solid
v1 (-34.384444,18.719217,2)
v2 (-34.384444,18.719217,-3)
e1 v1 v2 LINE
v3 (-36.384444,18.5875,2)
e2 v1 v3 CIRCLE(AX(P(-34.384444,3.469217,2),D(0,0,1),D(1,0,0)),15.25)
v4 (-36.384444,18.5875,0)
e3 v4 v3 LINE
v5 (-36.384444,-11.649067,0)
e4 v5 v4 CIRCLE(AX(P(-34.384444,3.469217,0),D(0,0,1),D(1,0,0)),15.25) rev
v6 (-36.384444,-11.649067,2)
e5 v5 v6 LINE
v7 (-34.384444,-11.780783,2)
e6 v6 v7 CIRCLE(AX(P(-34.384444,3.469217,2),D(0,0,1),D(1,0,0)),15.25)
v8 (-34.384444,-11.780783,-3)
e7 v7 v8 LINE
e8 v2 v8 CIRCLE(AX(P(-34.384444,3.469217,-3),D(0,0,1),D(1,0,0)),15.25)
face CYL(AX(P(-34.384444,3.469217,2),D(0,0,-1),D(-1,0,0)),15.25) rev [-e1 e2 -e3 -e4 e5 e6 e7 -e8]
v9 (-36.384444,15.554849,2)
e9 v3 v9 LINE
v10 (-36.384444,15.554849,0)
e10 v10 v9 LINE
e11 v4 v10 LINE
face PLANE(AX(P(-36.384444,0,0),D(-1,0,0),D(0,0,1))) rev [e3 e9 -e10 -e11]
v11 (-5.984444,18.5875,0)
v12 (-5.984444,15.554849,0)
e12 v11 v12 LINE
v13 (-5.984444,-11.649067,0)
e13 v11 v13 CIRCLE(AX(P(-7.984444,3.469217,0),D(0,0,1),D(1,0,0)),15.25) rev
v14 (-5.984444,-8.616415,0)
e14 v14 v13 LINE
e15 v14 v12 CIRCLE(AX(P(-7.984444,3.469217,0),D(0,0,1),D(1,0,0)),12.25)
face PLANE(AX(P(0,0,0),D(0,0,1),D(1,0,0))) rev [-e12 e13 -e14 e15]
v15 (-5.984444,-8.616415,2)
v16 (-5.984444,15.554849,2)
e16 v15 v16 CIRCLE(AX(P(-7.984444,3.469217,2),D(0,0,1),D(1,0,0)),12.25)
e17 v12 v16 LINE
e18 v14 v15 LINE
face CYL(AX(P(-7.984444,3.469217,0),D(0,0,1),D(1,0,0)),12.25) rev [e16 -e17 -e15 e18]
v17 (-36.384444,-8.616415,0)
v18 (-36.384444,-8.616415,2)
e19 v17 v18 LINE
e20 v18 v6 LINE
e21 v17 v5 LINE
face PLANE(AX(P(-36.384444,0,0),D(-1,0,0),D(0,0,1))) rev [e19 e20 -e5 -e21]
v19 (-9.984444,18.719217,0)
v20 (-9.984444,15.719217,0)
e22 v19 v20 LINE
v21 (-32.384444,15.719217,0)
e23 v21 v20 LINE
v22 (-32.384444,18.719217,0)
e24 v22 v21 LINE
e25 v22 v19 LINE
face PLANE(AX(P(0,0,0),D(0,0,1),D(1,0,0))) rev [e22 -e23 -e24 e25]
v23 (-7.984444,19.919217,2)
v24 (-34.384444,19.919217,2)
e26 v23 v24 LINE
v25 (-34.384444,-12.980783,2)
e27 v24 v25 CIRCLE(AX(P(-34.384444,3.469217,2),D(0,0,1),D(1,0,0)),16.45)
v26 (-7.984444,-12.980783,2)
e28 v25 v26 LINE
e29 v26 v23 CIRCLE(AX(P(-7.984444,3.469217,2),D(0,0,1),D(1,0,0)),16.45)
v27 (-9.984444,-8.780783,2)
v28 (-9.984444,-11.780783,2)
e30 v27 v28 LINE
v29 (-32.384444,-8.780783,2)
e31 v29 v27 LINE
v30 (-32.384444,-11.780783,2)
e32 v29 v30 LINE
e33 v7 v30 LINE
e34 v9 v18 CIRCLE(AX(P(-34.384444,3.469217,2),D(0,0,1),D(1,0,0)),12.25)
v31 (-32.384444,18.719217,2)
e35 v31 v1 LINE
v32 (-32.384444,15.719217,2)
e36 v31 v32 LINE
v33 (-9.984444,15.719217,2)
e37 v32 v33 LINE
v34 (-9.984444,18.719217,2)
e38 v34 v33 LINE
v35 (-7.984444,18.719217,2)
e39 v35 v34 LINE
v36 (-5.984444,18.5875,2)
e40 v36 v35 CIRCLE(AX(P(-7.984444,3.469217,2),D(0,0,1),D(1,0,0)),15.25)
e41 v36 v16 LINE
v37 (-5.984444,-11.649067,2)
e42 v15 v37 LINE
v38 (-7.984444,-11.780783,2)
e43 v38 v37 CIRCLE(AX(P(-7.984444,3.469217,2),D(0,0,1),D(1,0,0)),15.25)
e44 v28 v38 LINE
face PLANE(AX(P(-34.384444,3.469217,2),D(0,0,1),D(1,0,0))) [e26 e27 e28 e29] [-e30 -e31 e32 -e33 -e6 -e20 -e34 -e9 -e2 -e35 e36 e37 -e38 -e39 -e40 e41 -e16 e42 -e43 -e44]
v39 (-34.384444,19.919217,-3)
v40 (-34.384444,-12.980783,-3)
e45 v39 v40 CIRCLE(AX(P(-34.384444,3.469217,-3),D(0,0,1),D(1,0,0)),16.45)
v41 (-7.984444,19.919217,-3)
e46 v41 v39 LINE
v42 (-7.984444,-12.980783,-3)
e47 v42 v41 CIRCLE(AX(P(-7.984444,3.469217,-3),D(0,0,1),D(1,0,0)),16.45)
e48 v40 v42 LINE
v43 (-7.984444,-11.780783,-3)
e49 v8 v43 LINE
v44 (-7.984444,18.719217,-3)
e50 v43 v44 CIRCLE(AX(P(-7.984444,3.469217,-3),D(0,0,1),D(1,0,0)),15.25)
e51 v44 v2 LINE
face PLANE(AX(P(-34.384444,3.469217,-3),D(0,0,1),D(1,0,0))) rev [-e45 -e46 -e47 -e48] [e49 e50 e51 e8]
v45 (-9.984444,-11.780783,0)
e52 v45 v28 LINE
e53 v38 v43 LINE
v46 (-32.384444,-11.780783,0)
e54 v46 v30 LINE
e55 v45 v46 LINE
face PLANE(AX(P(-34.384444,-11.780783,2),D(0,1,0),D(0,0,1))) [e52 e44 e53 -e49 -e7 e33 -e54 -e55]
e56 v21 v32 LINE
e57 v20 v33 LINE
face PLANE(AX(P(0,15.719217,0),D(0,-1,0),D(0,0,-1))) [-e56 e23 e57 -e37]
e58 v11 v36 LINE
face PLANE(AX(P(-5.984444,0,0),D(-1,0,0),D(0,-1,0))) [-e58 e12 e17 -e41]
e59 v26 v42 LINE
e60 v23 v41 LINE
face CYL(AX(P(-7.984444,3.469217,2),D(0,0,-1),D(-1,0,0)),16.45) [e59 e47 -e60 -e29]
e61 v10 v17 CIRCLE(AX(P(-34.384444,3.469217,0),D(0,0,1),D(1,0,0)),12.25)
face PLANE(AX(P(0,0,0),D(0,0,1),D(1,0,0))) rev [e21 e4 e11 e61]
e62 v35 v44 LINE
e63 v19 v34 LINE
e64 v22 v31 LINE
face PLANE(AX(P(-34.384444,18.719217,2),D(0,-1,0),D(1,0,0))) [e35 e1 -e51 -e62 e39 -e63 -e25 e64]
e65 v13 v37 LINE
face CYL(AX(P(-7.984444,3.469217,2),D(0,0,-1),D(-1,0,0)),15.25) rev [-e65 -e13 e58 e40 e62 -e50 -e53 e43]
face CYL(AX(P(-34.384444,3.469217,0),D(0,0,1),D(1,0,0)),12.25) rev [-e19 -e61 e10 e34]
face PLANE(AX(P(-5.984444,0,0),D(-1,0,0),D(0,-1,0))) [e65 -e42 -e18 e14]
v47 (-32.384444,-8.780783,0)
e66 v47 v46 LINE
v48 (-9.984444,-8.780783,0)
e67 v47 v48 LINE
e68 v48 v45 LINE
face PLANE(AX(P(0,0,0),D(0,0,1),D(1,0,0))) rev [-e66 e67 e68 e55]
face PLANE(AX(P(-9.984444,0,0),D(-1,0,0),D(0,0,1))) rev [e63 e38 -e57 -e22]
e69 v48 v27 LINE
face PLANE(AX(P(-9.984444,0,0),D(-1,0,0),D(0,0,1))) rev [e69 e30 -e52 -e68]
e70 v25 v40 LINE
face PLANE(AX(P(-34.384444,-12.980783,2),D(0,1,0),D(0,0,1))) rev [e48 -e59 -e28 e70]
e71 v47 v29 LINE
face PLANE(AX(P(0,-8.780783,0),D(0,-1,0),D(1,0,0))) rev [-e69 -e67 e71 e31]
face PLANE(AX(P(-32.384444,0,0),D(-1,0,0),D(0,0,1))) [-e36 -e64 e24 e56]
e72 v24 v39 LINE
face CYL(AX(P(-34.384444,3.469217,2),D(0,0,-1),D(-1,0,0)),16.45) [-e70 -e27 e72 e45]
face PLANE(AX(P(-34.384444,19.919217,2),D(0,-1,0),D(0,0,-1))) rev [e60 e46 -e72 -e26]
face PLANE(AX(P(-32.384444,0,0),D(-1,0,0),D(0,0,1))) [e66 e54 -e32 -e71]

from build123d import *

# Parameters (mm, degrees)
BOSS_EXTRUDE1_DEPTH      = 2
BOSS_EXTRUDE1_DEPTH_BACK = 3
BOSS_EXTRUDE2_START      = -2
SKETCH2_W                = 22.4
SKETCH2_H                = 3
BOSS_EXTRUDE2_DEPTH      = 2


with BuildPart() as part:
    # Sketch1 → Boss-Extrude1 (new, two sides: drawn at the far end of the back side and taken through both)
    with BuildSketch(Plane.XY.offset(-BOSS_EXTRUDE1_DEPTH_BACK)):
        with BuildLine():
            Line((-34.384444189, 19.919216619), (-7.984444189, 19.919216619))
            ThreePointArc((-7.984444189, 19.919216619), (8.465555811, 3.469216619), (-7.984444189, -12.980783381))
            Line((-7.984444189, -12.980783381), (-34.384444189, -12.980783381))
            ThreePointArc((-34.384444189, -12.980783381), (-50.834444189, 3.469216619), (-34.384444189, 19.919216619))
        make_face()
        with BuildLine():
            Line((-34.384444189, 18.719216619), (-7.984444189, 18.719216619))
            ThreePointArc((-7.984444189, 18.719216619), (7.265555811, 3.469216619), (-7.984444189, -11.780783381))
            Line((-7.984444189, -11.780783381), (-34.384444189, -11.780783381))
            ThreePointArc((-34.384444189, -11.780783381), (-49.634444189, 3.469216619), (-34.384444189, 18.719216619))
        make_face(mode=Mode.SUBTRACT)
    extrude(amount=BOSS_EXTRUDE1_DEPTH + BOSS_EXTRUDE1_DEPTH_BACK)

    # Sketch2 → Boss-Extrude2 (add)
    with BuildSketch(Plane.XY.offset(2).offset(BOSS_EXTRUDE2_START)):
        with BuildLine():
            ThreePointArc((-5.984444189, -11.649067014), (7.265555811, 3.469216619), (-5.984444189, 18.587500252))
            Line((-5.984444189, 18.587500252), (-5.984444189, 15.554848584))
            ThreePointArc((-5.984444189, 15.554848584), (4.265555811, 3.469216619), (-5.984444189, -8.616415346))
            Line((-5.984444189, -8.616415346), (-5.984444189, -11.649067014))
        make_face()
        with Locations((-21.184444189, 17.219216619)):
            Rectangle(SKETCH2_W, SKETCH2_H)
        with Locations((-21.184444189, -10.280783381)):
            Rectangle(SKETCH2_W, SKETCH2_H)
        with BuildLine():
            ThreePointArc((-36.384444189, -8.616415346), (-46.634444189, 3.469216619), (-36.384444189, 15.554848584))
            Line((-36.384444189, 15.554848584), (-36.384444189, 18.587500252))
            ThreePointArc((-36.384444189, 18.587500252), (-49.634444189, 3.469216619), (-36.384444189, -11.649067014))
            Line((-36.384444189, -11.649067014), (-36.384444189, -8.616415346))
        make_face()
    extrude(amount=BOSS_EXTRUDE2_DEPTH)


solid = part.part
